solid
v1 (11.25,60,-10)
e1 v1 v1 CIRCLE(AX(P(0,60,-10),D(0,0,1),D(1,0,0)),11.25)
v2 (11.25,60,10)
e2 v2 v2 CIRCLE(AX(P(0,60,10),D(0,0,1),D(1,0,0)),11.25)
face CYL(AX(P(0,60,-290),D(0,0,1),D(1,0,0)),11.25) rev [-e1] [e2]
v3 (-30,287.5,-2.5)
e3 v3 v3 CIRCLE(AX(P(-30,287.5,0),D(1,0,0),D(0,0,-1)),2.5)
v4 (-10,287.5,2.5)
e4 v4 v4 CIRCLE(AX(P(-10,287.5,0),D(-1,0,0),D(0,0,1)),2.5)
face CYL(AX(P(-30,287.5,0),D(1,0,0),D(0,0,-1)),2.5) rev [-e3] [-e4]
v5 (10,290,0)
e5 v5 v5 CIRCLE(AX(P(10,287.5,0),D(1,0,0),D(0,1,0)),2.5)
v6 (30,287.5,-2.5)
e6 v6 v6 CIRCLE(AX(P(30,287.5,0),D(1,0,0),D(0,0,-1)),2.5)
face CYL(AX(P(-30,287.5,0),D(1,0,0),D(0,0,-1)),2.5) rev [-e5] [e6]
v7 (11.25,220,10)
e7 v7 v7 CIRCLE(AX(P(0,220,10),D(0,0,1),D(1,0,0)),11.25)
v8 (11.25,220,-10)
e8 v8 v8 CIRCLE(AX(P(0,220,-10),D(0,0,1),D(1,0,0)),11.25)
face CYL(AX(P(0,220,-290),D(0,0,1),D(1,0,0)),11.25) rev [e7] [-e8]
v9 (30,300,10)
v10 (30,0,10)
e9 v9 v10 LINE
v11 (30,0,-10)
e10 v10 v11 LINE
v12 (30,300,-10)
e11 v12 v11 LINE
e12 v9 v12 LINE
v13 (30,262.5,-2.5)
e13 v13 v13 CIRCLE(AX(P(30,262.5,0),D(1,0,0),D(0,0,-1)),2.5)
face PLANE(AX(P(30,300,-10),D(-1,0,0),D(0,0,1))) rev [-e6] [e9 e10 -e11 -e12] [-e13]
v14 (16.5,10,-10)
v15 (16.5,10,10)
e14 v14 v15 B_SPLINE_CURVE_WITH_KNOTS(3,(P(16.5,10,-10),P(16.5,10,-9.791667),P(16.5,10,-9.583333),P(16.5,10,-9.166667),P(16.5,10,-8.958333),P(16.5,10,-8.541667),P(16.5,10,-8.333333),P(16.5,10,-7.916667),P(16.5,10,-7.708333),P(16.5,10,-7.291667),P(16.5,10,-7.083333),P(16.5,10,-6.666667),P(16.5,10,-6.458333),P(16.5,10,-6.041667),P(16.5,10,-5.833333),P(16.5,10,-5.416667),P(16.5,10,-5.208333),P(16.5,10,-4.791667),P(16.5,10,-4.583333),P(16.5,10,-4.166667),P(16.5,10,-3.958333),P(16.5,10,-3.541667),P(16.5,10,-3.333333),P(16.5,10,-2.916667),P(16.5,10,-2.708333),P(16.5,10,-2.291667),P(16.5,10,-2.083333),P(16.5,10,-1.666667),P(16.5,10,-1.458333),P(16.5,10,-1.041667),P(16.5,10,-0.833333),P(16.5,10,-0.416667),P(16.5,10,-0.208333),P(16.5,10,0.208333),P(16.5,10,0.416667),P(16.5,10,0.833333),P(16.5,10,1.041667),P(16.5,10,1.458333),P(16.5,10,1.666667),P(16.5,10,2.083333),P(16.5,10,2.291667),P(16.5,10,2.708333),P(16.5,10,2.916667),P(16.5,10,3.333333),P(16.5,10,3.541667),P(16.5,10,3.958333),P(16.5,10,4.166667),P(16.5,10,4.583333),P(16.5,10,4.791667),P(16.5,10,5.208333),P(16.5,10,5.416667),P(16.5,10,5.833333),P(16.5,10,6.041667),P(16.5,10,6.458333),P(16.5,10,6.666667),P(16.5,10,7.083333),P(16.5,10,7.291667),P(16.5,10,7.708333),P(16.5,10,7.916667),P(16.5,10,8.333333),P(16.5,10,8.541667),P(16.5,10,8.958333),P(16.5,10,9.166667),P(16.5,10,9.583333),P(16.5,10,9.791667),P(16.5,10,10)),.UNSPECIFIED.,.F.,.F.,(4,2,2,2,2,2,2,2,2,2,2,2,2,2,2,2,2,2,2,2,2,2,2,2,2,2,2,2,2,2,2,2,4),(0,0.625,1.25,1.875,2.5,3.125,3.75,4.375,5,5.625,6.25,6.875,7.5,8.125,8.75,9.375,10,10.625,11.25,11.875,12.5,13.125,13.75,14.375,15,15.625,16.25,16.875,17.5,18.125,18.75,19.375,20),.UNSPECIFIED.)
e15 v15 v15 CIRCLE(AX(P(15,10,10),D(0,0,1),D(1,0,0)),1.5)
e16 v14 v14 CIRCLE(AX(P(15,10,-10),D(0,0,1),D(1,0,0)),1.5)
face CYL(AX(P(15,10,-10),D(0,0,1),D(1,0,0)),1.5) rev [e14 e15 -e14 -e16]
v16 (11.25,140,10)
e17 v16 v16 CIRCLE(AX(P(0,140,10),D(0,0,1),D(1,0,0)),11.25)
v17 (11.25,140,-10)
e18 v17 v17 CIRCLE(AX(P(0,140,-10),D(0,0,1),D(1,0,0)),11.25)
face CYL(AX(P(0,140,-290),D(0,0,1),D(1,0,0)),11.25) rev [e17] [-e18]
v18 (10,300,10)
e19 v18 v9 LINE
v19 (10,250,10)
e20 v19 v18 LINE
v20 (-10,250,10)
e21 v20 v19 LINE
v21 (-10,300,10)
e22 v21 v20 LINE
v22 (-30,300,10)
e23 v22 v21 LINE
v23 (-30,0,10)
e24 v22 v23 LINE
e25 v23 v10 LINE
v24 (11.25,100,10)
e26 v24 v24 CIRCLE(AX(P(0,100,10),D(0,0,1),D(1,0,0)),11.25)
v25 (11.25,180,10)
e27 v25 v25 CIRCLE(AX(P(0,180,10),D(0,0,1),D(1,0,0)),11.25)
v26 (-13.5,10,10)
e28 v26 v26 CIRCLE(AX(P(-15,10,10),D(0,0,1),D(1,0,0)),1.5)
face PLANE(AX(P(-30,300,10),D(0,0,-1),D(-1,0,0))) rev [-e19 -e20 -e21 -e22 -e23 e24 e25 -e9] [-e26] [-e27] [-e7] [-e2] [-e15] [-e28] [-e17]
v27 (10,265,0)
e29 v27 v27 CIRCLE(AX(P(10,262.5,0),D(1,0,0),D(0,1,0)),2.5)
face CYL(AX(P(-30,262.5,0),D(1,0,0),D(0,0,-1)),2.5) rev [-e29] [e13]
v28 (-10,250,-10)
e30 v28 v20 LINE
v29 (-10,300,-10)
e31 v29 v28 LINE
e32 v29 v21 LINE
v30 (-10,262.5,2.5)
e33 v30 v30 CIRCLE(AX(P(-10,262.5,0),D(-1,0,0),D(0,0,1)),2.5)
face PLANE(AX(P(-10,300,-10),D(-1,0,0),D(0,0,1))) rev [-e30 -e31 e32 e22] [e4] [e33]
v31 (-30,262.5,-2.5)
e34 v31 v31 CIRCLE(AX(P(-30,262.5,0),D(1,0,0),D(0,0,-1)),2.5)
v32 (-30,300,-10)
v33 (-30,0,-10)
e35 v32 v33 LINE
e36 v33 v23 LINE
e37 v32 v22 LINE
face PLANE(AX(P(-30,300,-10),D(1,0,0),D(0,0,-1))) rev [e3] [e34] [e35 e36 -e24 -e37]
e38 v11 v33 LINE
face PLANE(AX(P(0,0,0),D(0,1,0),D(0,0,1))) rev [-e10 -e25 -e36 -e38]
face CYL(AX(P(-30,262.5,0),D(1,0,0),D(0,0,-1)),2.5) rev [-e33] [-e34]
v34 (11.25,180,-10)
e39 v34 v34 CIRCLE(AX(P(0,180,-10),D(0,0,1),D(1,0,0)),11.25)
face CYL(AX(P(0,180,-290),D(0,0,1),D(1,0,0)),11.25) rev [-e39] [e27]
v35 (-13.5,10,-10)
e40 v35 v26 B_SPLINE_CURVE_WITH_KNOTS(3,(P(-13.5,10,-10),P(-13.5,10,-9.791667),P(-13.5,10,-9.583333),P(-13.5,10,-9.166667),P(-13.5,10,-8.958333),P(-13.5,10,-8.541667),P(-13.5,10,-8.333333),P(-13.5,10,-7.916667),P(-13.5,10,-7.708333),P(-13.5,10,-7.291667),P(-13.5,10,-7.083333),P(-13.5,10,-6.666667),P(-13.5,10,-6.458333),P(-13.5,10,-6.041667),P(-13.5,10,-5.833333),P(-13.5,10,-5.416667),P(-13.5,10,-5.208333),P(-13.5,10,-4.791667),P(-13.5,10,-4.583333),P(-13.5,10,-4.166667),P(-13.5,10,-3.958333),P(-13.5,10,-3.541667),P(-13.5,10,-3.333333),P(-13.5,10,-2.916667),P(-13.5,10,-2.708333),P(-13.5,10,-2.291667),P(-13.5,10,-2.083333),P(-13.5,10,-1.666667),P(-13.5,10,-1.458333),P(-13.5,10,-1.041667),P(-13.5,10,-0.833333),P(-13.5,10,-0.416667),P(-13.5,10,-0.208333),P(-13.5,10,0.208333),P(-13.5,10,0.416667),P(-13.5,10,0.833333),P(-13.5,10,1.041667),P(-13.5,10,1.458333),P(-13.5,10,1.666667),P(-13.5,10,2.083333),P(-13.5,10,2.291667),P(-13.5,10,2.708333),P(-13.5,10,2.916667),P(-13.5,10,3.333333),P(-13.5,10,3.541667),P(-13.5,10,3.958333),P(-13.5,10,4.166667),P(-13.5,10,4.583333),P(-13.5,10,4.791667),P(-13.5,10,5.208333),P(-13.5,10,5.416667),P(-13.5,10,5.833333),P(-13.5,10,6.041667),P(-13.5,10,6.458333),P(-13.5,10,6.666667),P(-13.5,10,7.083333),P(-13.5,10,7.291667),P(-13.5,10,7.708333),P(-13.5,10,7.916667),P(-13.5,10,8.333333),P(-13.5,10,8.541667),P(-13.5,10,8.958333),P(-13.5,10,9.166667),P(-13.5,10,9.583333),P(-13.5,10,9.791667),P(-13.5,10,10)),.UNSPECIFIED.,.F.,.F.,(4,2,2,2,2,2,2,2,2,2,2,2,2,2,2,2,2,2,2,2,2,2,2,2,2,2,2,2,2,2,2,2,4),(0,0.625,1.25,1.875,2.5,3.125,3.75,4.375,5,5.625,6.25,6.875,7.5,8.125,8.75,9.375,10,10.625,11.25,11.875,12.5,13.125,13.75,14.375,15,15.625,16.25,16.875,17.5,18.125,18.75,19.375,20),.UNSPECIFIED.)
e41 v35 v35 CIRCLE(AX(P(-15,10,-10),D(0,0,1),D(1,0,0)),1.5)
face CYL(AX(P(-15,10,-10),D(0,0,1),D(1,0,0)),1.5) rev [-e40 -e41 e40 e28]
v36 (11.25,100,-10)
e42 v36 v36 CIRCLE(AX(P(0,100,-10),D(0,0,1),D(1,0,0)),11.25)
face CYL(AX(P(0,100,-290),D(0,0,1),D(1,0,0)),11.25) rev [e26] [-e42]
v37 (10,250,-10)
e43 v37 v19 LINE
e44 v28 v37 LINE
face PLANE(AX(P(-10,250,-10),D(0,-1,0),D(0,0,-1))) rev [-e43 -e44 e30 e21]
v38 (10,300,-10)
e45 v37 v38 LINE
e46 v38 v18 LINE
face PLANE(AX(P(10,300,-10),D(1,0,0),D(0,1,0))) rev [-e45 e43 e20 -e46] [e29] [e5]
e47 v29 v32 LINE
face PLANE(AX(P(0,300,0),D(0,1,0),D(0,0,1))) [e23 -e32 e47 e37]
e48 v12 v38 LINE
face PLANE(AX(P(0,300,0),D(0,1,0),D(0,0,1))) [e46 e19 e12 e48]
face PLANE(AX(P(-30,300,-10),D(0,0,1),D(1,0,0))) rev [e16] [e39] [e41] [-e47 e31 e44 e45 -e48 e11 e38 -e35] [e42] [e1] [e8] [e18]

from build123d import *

# Parameters (mm, degrees)
SKIZZE1_W                            = 60
SKIZZE1_H                            = 20
AUFSATZ_LINEAR_AUSTRAGEN1_DEPTH      = 300
SKIZZE2_W                            = 20
SKIZZE2_H                            = 50
SCHNITT_LINEAR_AUSTRAGEN1_DEPTH      = 303.158898595
SKIZZE3_R                            = 11.25
SCHNITT_LINEAR_AUSTRAGEN2_DEPTH      = 300
SKIZZE7_R                            = 1.5
SCHNITT_LINEAR_AUSTRAGEN6_DEPTH      = 303.158898595
SCHNITT_LINEAR_AUSTRAGEN8_DEPTH      = 303.820078595
SCHNITT_LINEAR_AUSTRAGEN8_DEPTH_BACK = 303.820078595
SKIZZE10_R                           = 2.5


with BuildPart() as part:
    # Skizze1 → Aufsatz-Linear austragen1 (new body)
    with BuildSketch(Plane(origin=(0, 0, 0), x_dir=(1, 0, 0), z_dir=(0, 1, 0))):
        Rectangle(SKIZZE1_W, SKIZZE1_H)
    extrude(amount=AUFSATZ_LINEAR_AUSTRAGEN1_DEPTH)

    # Skizze2 → Schnitt-Linear austragen1 (cut, through all)
    with BuildSketch(Plane.XY.offset(10)):
        with Locations((0, 275)):
            Rectangle(SKIZZE2_W, SKIZZE2_H)
    extrude(amount=-SCHNITT_LINEAR_AUSTRAGEN1_DEPTH, mode=Mode.SUBTRACT)

    # Skizze3 → Schnitt-Linear austragen2 (cut)
    with BuildSketch(Plane.XY.offset(10)):
        with Locations((0, 220)):
            Circle(SKIZZE3_R)
        with Locations((0, 180)):
            Circle(SKIZZE3_R)
        with Locations((0, 140)):
            Circle(SKIZZE3_R)
        with Locations((0, 100)):
            Circle(SKIZZE3_R)
        with Locations((0, 60)):
            Circle(SKIZZE3_R)
    extrude(amount=-SCHNITT_LINEAR_AUSTRAGEN2_DEPTH, mode=Mode.SUBTRACT)

    # Skizze7 → Schnitt-Linear austragen6 (cut, through all)
    with BuildSketch(Plane.XY.offset(10)):
        with Locations((-15, 10)):
            Circle(SKIZZE7_R)
        with Locations((15, 10)):
            Circle(SKIZZE7_R)
    extrude(amount=-SCHNITT_LINEAR_AUSTRAGEN6_DEPTH, mode=Mode.SUBTRACT)

    # Skizze10 → Schnitt-Linear austragen8 (cut, two sides: drawn at the far end of the back side and taken through both)
    with BuildSketch(Plane(origin=(-10, 0, 0), x_dir=(0, 0, -1), z_dir=(1, 0, 0)).offset(-SCHNITT_LINEAR_AUSTRAGEN8_DEPTH_BACK)):
        with Locations((0, 262.5)):
            Circle(SKIZZE10_R)
        with Locations((0, 287.5)):
            Circle(SKIZZE10_R)
    extrude(amount=SCHNITT_LINEAR_AUSTRAGEN8_DEPTH + SCHNITT_LINEAR_AUSTRAGEN8_DEPTH_BACK, mode=Mode.SUBTRACT)


solid = part.part
